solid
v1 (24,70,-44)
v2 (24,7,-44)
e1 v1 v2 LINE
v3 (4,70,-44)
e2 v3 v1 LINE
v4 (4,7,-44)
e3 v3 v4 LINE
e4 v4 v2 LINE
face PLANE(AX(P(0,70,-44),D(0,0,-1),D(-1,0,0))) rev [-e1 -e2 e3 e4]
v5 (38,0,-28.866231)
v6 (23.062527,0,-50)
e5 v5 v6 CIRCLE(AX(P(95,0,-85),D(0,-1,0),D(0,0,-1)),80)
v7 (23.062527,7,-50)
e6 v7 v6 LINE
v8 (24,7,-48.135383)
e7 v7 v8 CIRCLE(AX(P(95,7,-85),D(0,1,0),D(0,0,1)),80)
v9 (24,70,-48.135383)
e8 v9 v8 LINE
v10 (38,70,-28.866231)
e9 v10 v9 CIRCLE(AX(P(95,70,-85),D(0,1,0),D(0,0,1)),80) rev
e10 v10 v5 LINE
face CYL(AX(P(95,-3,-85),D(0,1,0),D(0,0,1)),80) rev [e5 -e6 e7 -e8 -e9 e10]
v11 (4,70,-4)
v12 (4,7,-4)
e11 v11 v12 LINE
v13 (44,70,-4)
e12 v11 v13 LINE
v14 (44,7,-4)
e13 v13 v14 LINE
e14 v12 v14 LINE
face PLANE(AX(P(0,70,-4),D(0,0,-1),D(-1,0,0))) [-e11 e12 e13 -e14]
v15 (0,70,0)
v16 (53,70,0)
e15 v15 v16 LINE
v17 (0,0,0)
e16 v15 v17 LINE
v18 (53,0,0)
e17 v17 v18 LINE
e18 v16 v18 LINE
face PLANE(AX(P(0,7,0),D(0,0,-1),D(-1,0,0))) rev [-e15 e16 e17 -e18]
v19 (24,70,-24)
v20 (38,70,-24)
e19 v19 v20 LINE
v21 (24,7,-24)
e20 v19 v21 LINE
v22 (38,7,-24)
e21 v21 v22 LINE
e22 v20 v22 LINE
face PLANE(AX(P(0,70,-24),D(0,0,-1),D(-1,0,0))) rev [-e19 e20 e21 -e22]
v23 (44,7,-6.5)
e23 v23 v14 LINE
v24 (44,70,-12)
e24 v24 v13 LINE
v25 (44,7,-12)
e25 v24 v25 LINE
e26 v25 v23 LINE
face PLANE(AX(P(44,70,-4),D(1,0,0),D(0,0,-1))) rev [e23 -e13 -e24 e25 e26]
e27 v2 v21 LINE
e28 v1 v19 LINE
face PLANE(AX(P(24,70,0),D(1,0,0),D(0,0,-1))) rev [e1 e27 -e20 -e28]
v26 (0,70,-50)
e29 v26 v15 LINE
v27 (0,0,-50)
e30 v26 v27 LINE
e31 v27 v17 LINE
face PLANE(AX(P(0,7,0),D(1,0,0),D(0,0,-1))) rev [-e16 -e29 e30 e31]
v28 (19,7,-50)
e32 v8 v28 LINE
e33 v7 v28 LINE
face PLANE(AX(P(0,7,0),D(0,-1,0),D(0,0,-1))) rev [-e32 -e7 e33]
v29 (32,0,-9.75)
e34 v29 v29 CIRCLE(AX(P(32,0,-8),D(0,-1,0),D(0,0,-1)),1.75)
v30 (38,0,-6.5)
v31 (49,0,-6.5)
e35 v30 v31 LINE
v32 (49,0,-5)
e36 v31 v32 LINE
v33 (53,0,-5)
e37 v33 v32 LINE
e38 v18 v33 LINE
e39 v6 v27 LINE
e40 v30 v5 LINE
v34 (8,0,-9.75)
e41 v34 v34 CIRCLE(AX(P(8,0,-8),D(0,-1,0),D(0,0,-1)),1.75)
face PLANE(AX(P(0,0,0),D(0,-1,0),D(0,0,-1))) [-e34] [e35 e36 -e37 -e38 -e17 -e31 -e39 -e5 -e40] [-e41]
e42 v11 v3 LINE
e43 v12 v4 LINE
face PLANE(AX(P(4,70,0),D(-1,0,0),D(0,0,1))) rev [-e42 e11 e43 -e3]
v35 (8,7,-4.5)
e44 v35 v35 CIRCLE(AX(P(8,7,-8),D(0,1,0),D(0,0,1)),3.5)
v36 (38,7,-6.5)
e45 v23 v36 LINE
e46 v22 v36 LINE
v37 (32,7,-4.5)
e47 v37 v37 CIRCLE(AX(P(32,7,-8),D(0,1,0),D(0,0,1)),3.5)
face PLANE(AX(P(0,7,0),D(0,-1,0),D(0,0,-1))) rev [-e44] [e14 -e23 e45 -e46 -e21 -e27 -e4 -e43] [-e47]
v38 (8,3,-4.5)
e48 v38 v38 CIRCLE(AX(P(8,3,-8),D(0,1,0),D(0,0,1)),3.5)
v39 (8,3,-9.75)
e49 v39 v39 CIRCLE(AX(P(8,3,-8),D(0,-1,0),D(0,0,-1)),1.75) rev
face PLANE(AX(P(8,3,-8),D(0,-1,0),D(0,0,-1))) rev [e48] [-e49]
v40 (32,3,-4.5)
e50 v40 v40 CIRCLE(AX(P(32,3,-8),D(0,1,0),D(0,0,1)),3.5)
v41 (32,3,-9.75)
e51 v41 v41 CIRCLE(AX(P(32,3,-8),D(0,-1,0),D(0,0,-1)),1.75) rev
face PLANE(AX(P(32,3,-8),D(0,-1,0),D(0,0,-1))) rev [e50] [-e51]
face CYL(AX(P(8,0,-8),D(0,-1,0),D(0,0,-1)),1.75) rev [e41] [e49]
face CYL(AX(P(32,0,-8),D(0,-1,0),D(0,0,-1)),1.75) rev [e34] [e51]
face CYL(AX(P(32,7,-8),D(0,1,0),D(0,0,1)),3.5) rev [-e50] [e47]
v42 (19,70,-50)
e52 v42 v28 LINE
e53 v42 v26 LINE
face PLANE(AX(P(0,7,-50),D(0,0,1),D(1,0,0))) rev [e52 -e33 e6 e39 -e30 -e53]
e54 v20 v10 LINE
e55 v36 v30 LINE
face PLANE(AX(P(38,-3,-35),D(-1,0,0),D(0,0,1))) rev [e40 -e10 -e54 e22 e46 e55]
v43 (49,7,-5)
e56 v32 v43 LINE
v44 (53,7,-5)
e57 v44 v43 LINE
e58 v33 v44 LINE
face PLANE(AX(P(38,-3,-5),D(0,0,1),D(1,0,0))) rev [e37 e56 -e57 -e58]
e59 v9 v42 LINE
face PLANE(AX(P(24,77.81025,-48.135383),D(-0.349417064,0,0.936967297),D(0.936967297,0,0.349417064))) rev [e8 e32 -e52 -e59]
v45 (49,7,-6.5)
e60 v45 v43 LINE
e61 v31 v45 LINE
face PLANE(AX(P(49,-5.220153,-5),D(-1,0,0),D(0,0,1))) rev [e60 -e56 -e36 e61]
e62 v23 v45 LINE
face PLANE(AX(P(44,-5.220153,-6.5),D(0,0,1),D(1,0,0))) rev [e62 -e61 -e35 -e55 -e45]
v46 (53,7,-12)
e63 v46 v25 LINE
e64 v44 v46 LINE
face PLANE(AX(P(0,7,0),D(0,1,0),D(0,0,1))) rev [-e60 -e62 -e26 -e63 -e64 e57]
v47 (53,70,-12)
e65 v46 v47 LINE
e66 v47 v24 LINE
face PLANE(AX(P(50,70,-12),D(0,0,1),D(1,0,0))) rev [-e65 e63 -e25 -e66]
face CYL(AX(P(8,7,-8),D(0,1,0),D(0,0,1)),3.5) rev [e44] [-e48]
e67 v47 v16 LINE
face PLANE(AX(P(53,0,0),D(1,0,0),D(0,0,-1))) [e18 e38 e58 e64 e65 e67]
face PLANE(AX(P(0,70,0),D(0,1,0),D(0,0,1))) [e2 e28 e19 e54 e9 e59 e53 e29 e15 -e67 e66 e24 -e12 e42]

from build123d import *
from build123d.topology import SkipClean

# Parameters (mm, degrees)
SKETCH_1_W          = 50
SKETCH_1_H          = 50
EXTRUDE_1_DEPTH     = 7
SKETCH_2_R          = 80
CUT_EXTRUDE_1_DEPTH = 10
SKETCH_3_W          = 22
SKETCH_3_H          = 30
CUT_EXTRUDE_2_DEPTH = 10
HOLE_WIZARD_1_D     = 3.5
HOLE_WIZARD_2_D     = 7
HOLE_WIZARD_2_DEPTH = 4
EXTRUDE_START       = 63
SKETCH_9_W          = 15
SKETCH_9_H          = 6
SKETCH_9_W_2        = 46
SKETCH_9_H_2        = 4
EXTRUDE_2_DEPTH     = 63
SKETCH_10_W         = 6
SKETCH_10_H         = 8
EXTRUDE_3_DEPTH     = 63
SKETCH_11_W         = 5
SKETCH_11_H         = 1.5
EXTRUDE_4_DEPTH     = 7
EXTRUDE_5_DEPTH     = 3
SKETCH_13_W         = 6
SKETCH_13_H         = 1.5
EXTRUDE_6_DEPTH     = 7
EXTRUDE_7_DEPTH     = 63


with BuildPart() as part:
    # 草图1 → 凸台-拉伸1 (new body)
    with BuildSketch(Plane(origin=(0, 0, 0), x_dir=(1, 0, 0), z_dir=(0, 1, 0))):
        with Locations((25, 25)):
            Rectangle(SKETCH_1_W, SKETCH_1_H)
    extrude(amount=EXTRUDE_1_DEPTH)

    # 草图2 → 切除-拉伸1 (cut)
    with BuildSketch(Plane(origin=(0, 7, 0), x_dir=(1, 0, 0), z_dir=(0, 1, 0))):
        with Locations((95, 85)):
            Circle(SKETCH_2_R)
    extrude(amount=-CUT_EXTRUDE_1_DEPTH, mode=Mode.SUBTRACT)

    # 草图3 → 切除-拉伸2 (cut)
    with BuildSketch(Plane(origin=(0, 7, 0), x_dir=(1, 0, 0), z_dir=(0, 1, 0))):
        with Locations((49, 20)):
            Rectangle(SKETCH_3_W, SKETCH_3_H)
    extrude(amount=-CUT_EXTRUDE_2_DEPTH, mode=Mode.SUBTRACT)

    # 孔1 (through all)
    with Locations(Plane(origin=(0, 0, 0), x_dir=(-1, 0, 0), z_dir=(0, -1, 0))):
        with Locations((-32, 8), (-8, 8)):
            Hole(HOLE_WIZARD_1_D / 2)

    # 孔2
    with Locations(Plane(origin=(0, 7, 0), x_dir=(1, 0, 0), z_dir=(0, 1, 0))):
        with Locations((8, 8), (32, 8)):
            Hole(HOLE_WIZARD_2_D / 2, depth=HOLE_WIZARD_2_DEPTH)

    # 草图9 → 凸台-拉伸2 (add)
    with SkipClean():  # the faces are left unmerged after this step: merging them gives an invalid solid
        with BuildSketch(Plane(origin=(0, 7, 0), x_dir=(1, 0, 0), z_dir=(0, 1, 0)).offset(EXTRUDE_START)):
            with Locations((11.5, 47)):
                Rectangle(SKETCH_9_W, SKETCH_9_H)
            Polygon((0, 50), (0, 0), (4, 0), (4, 4), (4, 44), (4, 50), align=None)
            with Locations((27, 2)):
                Rectangle(SKETCH_9_W_2, SKETCH_9_H_2)
            with BuildLine():
                ThreePointArc((38, 28.866231197), (30.278867045, 37.976867938), (24, 48.135382818))
                Line((24, 48.135382818), (24, 24))
                Line((24, 24), (38, 24))
                Line((38, 24), (38, 28.866231197))
            make_face()
        extrude(amount=-EXTRUDE_2_DEPTH)

    # 草图10 → 凸台-拉伸3 (add)
    with SkipClean():  # the faces are left unmerged after this step: merging them gives an invalid solid
        with BuildSketch(Plane(origin=(0, 7, 0), x_dir=(1, 0, 0), z_dir=(0, 1, 0))):
            with Locations((47, 8)):
                Rectangle(SKETCH_10_W, SKETCH_10_H)
        extrude(amount=EXTRUDE_3_DEPTH)

    # 草图11 → 凸台-拉伸4 (add)
    with SkipClean():  # the faces are left unmerged after this step: merging them gives an invalid solid
        with BuildSketch(Plane.XZ.offset(-7)):
            with Locations((46.5, -5.75)):
                Rectangle(SKETCH_11_W, SKETCH_11_H)
        extrude(amount=EXTRUDE_4_DEPTH)

    # 草图12 → 凸台-拉伸5 (add)
    with SkipClean():  # the faces are left unmerged after this step: merging them gives an invalid solid
        with BuildSketch(Plane(origin=(50, 0, 0), x_dir=(0, 0, -1), z_dir=(1, 0, 0))):
            Polygon((5, 7), (12, 7), (12, 70), (0, 70), (0, 0), (5, 0), align=None)
        extrude(amount=EXTRUDE_5_DEPTH)

    # 草图13 → 凸台-拉伸6 (add)
    with SkipClean():  # the faces are left unmerged after this step: merging them gives an invalid solid
        with BuildSketch(Plane(origin=(0, 0, 0), x_dir=(-1, 0, 0), z_dir=(0, -1, 0))):
            with Locations((-41, 5.75)):
                Rectangle(SKETCH_13_W, SKETCH_13_H)
        extrude(amount=-EXTRUDE_6_DEPTH)

    # 草图15 → 凸台-拉伸7 (add)
    with SkipClean():  # the faces are left unmerged after this step: merging them gives an invalid solid
        with BuildSketch(Plane(origin=(0, 7, 0), x_dir=(1, 0, 0), z_dir=(0, 1, 0))):
            Polygon((19, 44), (24, 44), (24, 48.135382818), (19, 50), align=None)
        extrude(amount=EXTRUDE_7_DEPTH)


solid = part.part
